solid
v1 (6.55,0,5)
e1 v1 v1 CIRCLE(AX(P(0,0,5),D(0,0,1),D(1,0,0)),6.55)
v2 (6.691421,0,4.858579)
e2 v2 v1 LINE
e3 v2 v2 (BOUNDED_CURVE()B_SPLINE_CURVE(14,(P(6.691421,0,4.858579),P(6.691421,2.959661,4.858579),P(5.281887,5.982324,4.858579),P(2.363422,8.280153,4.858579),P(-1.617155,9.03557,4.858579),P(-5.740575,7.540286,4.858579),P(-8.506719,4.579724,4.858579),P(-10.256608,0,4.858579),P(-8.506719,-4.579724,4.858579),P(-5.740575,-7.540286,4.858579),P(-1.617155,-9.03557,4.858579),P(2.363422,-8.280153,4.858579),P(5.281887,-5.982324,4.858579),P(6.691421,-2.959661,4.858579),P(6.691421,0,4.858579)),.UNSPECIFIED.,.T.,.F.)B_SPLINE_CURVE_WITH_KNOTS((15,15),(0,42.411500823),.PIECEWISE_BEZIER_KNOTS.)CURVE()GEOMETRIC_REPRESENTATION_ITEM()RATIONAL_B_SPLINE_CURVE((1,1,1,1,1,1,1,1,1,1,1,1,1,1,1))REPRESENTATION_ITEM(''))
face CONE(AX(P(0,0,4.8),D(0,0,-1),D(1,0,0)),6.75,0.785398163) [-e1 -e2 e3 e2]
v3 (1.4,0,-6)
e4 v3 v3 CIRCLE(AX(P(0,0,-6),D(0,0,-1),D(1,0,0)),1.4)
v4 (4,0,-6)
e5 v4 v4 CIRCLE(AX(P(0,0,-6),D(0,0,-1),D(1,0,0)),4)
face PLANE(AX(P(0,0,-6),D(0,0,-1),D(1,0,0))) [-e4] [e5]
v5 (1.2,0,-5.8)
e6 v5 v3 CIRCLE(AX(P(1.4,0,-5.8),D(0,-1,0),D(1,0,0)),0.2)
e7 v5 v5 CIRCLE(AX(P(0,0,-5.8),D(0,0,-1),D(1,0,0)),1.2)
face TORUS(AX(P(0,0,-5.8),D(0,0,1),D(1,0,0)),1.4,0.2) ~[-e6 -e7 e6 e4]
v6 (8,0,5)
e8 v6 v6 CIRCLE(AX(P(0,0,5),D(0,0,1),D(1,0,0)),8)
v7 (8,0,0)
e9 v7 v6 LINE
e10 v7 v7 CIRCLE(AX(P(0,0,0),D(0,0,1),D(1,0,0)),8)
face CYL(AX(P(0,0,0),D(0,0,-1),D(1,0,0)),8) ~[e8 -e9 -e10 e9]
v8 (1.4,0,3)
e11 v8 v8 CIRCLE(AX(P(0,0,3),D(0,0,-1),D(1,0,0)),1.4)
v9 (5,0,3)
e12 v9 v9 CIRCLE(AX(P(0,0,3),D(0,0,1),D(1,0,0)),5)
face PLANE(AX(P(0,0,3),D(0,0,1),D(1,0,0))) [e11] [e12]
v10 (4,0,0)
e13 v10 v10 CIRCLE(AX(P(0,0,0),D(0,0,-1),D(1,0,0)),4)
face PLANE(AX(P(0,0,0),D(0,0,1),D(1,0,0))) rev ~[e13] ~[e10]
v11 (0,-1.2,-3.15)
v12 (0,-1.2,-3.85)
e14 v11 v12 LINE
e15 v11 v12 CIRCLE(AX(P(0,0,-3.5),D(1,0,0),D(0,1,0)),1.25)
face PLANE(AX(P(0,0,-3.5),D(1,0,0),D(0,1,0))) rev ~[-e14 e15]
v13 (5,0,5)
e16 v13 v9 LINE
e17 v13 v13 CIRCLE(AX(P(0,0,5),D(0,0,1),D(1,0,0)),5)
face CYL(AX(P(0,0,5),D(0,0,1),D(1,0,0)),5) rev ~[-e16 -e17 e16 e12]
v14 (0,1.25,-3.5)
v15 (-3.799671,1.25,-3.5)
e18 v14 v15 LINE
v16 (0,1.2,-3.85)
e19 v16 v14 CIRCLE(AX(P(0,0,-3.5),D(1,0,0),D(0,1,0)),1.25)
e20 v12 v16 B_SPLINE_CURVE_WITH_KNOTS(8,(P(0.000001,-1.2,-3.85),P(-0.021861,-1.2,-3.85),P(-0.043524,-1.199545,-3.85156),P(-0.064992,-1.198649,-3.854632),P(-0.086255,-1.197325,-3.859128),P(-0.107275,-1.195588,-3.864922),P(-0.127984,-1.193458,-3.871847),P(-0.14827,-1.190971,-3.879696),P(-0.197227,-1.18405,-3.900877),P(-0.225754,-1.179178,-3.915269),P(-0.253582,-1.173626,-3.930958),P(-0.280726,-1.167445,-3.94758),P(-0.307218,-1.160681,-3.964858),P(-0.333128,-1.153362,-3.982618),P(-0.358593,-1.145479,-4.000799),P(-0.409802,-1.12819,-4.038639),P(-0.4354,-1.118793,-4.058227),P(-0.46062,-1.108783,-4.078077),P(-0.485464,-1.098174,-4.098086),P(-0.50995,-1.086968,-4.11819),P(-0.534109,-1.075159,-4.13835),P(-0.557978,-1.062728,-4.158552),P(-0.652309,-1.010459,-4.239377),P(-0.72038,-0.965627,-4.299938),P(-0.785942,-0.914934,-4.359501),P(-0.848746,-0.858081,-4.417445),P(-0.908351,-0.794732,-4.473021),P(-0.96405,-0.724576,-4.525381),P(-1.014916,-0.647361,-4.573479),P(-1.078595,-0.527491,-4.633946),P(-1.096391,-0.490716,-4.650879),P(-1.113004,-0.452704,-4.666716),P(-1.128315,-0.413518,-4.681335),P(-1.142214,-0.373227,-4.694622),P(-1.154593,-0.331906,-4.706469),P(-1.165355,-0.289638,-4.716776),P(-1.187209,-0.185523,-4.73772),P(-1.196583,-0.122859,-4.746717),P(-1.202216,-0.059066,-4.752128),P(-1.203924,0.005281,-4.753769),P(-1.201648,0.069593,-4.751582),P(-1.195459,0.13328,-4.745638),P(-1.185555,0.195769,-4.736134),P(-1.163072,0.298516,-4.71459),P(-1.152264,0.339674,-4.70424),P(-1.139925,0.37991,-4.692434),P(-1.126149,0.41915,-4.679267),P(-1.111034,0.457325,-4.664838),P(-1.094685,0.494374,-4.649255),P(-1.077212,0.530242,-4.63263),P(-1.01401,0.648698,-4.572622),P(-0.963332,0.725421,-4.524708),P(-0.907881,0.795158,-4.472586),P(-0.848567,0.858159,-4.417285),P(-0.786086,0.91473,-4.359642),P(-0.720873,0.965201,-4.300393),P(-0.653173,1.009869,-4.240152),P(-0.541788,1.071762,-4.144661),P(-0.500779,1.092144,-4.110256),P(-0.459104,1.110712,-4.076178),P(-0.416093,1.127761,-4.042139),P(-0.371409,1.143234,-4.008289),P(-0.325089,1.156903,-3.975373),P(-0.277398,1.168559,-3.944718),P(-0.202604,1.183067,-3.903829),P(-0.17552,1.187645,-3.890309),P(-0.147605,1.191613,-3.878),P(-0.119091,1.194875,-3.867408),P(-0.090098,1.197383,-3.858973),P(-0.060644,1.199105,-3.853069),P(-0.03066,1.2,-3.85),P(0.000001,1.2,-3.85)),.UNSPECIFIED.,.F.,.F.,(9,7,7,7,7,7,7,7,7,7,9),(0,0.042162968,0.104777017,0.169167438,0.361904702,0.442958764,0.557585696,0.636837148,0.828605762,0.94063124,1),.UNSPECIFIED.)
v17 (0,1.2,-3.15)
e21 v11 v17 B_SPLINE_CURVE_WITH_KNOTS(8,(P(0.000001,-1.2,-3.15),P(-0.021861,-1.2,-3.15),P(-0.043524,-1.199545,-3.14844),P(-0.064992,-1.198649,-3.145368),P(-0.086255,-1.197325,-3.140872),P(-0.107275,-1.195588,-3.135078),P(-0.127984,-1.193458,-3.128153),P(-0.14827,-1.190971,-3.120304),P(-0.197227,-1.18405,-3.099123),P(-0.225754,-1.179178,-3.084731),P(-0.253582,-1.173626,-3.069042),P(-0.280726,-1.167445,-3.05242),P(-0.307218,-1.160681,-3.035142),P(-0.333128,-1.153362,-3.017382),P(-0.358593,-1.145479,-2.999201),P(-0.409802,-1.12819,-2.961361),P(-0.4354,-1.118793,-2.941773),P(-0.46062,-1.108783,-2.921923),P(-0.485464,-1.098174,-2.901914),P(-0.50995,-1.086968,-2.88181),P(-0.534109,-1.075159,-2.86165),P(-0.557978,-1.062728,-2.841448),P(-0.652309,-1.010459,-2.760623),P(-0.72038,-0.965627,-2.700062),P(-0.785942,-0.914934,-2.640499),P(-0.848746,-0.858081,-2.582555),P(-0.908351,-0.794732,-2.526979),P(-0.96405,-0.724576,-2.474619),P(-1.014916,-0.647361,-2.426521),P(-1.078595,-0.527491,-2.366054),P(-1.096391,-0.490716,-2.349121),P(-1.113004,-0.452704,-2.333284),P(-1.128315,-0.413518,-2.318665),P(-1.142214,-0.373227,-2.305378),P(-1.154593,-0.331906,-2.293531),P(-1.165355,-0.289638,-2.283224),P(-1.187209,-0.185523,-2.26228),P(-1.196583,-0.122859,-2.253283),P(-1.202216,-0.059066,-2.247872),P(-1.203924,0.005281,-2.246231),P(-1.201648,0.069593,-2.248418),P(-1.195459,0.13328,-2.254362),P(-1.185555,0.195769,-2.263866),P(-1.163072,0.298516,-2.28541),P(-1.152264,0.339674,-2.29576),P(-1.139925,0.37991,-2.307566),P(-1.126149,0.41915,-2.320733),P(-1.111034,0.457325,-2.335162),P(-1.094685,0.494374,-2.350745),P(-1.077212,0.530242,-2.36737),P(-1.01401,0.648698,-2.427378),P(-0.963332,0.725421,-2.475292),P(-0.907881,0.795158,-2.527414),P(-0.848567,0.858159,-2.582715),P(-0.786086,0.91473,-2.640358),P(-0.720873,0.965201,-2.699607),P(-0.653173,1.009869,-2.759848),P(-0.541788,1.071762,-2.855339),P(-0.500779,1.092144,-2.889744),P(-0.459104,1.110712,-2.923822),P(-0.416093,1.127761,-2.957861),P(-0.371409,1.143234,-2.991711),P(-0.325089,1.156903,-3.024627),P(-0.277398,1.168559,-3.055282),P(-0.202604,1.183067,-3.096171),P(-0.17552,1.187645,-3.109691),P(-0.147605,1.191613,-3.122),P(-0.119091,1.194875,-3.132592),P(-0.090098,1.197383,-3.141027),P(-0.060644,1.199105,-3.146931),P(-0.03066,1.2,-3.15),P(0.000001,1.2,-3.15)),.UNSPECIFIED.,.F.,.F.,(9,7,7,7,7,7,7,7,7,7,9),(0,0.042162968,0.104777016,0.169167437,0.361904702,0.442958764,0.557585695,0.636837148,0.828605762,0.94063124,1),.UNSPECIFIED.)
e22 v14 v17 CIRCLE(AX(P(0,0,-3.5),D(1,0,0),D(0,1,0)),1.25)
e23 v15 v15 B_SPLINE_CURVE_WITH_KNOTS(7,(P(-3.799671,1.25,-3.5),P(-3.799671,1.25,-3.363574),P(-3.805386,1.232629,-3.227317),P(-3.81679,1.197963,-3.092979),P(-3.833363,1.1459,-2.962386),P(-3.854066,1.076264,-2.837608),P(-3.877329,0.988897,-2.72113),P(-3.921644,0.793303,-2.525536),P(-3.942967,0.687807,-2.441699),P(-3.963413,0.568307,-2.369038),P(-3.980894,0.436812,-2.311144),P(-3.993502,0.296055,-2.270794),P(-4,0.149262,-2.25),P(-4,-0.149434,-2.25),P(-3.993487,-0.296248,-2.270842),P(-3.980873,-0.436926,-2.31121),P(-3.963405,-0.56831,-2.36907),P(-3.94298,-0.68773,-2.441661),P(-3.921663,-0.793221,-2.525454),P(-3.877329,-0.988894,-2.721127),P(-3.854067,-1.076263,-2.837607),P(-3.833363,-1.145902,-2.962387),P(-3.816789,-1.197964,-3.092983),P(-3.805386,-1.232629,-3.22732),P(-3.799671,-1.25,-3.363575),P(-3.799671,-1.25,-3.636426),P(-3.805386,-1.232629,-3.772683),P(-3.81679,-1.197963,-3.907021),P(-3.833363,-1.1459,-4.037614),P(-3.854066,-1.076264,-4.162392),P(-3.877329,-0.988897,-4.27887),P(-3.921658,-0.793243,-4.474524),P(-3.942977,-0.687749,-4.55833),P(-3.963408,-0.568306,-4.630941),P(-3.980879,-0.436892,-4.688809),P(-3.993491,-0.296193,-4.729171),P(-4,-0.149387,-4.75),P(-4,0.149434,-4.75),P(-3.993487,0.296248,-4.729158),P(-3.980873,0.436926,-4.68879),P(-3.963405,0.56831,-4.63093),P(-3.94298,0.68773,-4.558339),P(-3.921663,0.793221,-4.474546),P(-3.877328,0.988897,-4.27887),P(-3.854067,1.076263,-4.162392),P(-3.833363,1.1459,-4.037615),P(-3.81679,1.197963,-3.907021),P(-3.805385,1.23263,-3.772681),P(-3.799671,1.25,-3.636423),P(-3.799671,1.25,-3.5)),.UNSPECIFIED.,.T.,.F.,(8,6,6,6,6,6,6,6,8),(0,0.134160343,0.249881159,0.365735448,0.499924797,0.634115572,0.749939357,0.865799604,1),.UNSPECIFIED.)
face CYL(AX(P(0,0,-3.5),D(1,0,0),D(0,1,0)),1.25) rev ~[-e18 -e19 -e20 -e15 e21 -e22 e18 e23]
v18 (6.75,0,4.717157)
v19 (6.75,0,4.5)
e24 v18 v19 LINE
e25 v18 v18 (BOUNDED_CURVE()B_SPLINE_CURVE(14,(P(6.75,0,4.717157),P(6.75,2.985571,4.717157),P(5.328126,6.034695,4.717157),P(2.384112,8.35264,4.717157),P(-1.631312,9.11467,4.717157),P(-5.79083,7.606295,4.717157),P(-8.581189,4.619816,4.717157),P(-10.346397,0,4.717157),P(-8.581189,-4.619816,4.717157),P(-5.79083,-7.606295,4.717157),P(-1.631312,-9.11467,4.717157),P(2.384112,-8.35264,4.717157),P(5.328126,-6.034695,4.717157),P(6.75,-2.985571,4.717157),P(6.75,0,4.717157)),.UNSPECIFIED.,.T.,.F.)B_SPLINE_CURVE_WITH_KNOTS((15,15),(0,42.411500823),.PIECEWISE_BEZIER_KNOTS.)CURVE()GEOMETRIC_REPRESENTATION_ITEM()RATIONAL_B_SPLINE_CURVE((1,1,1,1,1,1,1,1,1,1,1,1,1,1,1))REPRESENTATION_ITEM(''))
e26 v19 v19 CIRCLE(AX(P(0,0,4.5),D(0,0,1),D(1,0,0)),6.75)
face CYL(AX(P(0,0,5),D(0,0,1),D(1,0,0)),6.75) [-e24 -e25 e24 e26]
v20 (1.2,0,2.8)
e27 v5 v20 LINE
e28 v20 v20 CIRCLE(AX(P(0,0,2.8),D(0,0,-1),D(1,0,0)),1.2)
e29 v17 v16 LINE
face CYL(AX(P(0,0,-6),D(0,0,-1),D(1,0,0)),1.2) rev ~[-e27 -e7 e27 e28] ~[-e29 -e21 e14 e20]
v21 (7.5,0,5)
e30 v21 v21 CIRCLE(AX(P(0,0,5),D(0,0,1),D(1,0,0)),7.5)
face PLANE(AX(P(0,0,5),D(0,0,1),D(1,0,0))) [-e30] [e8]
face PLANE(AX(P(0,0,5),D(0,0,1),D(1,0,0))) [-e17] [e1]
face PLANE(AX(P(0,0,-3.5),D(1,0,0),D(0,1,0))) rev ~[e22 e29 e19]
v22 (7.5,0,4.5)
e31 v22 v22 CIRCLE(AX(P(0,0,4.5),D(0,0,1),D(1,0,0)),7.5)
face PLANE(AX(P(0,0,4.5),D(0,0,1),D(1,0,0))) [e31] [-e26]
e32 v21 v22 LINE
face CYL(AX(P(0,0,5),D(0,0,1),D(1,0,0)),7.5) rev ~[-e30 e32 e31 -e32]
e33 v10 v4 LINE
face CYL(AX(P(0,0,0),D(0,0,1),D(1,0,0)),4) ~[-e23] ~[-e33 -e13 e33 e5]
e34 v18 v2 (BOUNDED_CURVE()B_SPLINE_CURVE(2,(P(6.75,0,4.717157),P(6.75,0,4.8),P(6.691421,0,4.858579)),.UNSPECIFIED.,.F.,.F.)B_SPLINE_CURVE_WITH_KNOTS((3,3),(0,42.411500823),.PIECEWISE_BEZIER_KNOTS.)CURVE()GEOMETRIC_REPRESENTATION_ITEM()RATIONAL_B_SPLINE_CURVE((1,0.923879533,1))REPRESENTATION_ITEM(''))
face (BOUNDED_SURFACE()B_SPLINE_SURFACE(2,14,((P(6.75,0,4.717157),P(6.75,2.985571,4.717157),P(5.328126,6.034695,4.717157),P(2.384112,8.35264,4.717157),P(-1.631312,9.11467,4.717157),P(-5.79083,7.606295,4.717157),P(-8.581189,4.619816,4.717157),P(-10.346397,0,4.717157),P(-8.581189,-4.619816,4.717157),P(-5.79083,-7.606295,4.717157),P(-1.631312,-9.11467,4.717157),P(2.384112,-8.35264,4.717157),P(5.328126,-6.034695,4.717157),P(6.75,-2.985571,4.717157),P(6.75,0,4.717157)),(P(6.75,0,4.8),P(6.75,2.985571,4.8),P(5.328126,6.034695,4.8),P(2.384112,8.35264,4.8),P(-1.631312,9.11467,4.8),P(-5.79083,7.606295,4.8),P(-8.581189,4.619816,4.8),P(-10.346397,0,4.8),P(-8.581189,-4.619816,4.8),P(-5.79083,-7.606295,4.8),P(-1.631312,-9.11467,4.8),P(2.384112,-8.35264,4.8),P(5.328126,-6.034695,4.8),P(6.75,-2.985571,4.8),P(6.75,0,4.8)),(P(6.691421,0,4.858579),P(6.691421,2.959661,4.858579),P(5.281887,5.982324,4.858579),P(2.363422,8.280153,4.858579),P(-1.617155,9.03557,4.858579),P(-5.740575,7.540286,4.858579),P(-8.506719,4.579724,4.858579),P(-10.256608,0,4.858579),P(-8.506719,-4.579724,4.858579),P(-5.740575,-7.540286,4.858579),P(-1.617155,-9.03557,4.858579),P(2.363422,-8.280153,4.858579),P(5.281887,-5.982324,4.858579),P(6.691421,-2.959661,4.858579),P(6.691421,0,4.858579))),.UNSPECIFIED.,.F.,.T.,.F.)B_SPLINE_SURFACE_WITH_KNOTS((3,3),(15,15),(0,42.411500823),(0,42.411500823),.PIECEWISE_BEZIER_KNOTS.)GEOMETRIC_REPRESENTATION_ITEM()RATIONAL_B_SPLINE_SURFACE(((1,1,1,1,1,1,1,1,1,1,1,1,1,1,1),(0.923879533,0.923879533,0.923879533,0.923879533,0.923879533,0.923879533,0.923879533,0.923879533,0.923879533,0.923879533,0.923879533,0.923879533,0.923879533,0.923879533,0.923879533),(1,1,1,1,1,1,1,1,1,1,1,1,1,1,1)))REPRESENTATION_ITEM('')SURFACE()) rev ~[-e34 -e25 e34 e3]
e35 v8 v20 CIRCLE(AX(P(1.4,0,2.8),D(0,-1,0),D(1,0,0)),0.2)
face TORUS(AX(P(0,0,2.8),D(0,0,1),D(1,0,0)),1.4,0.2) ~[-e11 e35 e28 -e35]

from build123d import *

# Parameters (mm, degrees)
F0_R      = 8
F1_DEPTH  = 5
F2_R      = 4
F3_DEPTH  = 6
F4_R      = 1.2
F5_DEPTH  = 9
F6_R      = 5
F7_DEPTH  = 2
F8_R      = 7.5
F8_R_2    = 6.75
F9_DEPTH  = 0.5
F10_SIZE  = 0.2
F11_R     = 0.2
F13_R     = 1.25
F14_DEPTH = 4.5


with BuildPart() as f1:
    # F0 (on Top) → F1 (new body)
    with BuildSketch(Plane.XY):
        Circle(F0_R)
    extrude(amount=F1_DEPTH)

    # F2 (on face) → F3 (join)
    with BuildSketch(Plane(origin=(0, 0, 0), x_dir=(1, 0, 0), z_dir=(0, 0, -1))):
        Circle(F2_R)
    extrude(amount=F3_DEPTH)

    # F4 (on face) → F5 (cut)
    with BuildSketch(Plane(origin=(0, 0, -6), x_dir=(1, 0, 0), z_dir=(0, 0, -1))):
        Circle(F4_R)
    extrude(amount=-F5_DEPTH, mode=Mode.SUBTRACT)

    # F6 (on face) → F7 (cut)
    with BuildSketch(Plane.XY.offset(5)):
        Circle(F6_R)
    extrude(amount=-F7_DEPTH, mode=Mode.SUBTRACT)

    # F8 (on face) → F9 (cut)
    with BuildSketch(Plane.XY.offset(5)):
        Circle(F8_R)
        Circle(F8_R_2, mode=Mode.SUBTRACT)
    extrude(amount=-F9_DEPTH, mode=Mode.SUBTRACT)

    # F10
    f10_edges = [f1.edges().sort_by_distance(p)[0] for p in [
        (-6.75, 0, 5),
    ]]
    chamfer(f10_edges, length=F10_SIZE)

    # F11
    f11_edges = [f1.edges().sort_by_distance(p)[0] for p in [
        (-6.75, 0, 4.8),
        (-1.2, 0, 3),
        (-1.2, 0, -6),
    ]]
    fillet(f11_edges, radius=F11_R)

    # F13 (on Right) → F14 (cut)
    with BuildSketch(Plane.YZ):
        with Locations((0, -3.5)):
            Circle(F13_R)
    extrude(amount=-F14_DEPTH, mode=Mode.SUBTRACT)


solid = f1.part
